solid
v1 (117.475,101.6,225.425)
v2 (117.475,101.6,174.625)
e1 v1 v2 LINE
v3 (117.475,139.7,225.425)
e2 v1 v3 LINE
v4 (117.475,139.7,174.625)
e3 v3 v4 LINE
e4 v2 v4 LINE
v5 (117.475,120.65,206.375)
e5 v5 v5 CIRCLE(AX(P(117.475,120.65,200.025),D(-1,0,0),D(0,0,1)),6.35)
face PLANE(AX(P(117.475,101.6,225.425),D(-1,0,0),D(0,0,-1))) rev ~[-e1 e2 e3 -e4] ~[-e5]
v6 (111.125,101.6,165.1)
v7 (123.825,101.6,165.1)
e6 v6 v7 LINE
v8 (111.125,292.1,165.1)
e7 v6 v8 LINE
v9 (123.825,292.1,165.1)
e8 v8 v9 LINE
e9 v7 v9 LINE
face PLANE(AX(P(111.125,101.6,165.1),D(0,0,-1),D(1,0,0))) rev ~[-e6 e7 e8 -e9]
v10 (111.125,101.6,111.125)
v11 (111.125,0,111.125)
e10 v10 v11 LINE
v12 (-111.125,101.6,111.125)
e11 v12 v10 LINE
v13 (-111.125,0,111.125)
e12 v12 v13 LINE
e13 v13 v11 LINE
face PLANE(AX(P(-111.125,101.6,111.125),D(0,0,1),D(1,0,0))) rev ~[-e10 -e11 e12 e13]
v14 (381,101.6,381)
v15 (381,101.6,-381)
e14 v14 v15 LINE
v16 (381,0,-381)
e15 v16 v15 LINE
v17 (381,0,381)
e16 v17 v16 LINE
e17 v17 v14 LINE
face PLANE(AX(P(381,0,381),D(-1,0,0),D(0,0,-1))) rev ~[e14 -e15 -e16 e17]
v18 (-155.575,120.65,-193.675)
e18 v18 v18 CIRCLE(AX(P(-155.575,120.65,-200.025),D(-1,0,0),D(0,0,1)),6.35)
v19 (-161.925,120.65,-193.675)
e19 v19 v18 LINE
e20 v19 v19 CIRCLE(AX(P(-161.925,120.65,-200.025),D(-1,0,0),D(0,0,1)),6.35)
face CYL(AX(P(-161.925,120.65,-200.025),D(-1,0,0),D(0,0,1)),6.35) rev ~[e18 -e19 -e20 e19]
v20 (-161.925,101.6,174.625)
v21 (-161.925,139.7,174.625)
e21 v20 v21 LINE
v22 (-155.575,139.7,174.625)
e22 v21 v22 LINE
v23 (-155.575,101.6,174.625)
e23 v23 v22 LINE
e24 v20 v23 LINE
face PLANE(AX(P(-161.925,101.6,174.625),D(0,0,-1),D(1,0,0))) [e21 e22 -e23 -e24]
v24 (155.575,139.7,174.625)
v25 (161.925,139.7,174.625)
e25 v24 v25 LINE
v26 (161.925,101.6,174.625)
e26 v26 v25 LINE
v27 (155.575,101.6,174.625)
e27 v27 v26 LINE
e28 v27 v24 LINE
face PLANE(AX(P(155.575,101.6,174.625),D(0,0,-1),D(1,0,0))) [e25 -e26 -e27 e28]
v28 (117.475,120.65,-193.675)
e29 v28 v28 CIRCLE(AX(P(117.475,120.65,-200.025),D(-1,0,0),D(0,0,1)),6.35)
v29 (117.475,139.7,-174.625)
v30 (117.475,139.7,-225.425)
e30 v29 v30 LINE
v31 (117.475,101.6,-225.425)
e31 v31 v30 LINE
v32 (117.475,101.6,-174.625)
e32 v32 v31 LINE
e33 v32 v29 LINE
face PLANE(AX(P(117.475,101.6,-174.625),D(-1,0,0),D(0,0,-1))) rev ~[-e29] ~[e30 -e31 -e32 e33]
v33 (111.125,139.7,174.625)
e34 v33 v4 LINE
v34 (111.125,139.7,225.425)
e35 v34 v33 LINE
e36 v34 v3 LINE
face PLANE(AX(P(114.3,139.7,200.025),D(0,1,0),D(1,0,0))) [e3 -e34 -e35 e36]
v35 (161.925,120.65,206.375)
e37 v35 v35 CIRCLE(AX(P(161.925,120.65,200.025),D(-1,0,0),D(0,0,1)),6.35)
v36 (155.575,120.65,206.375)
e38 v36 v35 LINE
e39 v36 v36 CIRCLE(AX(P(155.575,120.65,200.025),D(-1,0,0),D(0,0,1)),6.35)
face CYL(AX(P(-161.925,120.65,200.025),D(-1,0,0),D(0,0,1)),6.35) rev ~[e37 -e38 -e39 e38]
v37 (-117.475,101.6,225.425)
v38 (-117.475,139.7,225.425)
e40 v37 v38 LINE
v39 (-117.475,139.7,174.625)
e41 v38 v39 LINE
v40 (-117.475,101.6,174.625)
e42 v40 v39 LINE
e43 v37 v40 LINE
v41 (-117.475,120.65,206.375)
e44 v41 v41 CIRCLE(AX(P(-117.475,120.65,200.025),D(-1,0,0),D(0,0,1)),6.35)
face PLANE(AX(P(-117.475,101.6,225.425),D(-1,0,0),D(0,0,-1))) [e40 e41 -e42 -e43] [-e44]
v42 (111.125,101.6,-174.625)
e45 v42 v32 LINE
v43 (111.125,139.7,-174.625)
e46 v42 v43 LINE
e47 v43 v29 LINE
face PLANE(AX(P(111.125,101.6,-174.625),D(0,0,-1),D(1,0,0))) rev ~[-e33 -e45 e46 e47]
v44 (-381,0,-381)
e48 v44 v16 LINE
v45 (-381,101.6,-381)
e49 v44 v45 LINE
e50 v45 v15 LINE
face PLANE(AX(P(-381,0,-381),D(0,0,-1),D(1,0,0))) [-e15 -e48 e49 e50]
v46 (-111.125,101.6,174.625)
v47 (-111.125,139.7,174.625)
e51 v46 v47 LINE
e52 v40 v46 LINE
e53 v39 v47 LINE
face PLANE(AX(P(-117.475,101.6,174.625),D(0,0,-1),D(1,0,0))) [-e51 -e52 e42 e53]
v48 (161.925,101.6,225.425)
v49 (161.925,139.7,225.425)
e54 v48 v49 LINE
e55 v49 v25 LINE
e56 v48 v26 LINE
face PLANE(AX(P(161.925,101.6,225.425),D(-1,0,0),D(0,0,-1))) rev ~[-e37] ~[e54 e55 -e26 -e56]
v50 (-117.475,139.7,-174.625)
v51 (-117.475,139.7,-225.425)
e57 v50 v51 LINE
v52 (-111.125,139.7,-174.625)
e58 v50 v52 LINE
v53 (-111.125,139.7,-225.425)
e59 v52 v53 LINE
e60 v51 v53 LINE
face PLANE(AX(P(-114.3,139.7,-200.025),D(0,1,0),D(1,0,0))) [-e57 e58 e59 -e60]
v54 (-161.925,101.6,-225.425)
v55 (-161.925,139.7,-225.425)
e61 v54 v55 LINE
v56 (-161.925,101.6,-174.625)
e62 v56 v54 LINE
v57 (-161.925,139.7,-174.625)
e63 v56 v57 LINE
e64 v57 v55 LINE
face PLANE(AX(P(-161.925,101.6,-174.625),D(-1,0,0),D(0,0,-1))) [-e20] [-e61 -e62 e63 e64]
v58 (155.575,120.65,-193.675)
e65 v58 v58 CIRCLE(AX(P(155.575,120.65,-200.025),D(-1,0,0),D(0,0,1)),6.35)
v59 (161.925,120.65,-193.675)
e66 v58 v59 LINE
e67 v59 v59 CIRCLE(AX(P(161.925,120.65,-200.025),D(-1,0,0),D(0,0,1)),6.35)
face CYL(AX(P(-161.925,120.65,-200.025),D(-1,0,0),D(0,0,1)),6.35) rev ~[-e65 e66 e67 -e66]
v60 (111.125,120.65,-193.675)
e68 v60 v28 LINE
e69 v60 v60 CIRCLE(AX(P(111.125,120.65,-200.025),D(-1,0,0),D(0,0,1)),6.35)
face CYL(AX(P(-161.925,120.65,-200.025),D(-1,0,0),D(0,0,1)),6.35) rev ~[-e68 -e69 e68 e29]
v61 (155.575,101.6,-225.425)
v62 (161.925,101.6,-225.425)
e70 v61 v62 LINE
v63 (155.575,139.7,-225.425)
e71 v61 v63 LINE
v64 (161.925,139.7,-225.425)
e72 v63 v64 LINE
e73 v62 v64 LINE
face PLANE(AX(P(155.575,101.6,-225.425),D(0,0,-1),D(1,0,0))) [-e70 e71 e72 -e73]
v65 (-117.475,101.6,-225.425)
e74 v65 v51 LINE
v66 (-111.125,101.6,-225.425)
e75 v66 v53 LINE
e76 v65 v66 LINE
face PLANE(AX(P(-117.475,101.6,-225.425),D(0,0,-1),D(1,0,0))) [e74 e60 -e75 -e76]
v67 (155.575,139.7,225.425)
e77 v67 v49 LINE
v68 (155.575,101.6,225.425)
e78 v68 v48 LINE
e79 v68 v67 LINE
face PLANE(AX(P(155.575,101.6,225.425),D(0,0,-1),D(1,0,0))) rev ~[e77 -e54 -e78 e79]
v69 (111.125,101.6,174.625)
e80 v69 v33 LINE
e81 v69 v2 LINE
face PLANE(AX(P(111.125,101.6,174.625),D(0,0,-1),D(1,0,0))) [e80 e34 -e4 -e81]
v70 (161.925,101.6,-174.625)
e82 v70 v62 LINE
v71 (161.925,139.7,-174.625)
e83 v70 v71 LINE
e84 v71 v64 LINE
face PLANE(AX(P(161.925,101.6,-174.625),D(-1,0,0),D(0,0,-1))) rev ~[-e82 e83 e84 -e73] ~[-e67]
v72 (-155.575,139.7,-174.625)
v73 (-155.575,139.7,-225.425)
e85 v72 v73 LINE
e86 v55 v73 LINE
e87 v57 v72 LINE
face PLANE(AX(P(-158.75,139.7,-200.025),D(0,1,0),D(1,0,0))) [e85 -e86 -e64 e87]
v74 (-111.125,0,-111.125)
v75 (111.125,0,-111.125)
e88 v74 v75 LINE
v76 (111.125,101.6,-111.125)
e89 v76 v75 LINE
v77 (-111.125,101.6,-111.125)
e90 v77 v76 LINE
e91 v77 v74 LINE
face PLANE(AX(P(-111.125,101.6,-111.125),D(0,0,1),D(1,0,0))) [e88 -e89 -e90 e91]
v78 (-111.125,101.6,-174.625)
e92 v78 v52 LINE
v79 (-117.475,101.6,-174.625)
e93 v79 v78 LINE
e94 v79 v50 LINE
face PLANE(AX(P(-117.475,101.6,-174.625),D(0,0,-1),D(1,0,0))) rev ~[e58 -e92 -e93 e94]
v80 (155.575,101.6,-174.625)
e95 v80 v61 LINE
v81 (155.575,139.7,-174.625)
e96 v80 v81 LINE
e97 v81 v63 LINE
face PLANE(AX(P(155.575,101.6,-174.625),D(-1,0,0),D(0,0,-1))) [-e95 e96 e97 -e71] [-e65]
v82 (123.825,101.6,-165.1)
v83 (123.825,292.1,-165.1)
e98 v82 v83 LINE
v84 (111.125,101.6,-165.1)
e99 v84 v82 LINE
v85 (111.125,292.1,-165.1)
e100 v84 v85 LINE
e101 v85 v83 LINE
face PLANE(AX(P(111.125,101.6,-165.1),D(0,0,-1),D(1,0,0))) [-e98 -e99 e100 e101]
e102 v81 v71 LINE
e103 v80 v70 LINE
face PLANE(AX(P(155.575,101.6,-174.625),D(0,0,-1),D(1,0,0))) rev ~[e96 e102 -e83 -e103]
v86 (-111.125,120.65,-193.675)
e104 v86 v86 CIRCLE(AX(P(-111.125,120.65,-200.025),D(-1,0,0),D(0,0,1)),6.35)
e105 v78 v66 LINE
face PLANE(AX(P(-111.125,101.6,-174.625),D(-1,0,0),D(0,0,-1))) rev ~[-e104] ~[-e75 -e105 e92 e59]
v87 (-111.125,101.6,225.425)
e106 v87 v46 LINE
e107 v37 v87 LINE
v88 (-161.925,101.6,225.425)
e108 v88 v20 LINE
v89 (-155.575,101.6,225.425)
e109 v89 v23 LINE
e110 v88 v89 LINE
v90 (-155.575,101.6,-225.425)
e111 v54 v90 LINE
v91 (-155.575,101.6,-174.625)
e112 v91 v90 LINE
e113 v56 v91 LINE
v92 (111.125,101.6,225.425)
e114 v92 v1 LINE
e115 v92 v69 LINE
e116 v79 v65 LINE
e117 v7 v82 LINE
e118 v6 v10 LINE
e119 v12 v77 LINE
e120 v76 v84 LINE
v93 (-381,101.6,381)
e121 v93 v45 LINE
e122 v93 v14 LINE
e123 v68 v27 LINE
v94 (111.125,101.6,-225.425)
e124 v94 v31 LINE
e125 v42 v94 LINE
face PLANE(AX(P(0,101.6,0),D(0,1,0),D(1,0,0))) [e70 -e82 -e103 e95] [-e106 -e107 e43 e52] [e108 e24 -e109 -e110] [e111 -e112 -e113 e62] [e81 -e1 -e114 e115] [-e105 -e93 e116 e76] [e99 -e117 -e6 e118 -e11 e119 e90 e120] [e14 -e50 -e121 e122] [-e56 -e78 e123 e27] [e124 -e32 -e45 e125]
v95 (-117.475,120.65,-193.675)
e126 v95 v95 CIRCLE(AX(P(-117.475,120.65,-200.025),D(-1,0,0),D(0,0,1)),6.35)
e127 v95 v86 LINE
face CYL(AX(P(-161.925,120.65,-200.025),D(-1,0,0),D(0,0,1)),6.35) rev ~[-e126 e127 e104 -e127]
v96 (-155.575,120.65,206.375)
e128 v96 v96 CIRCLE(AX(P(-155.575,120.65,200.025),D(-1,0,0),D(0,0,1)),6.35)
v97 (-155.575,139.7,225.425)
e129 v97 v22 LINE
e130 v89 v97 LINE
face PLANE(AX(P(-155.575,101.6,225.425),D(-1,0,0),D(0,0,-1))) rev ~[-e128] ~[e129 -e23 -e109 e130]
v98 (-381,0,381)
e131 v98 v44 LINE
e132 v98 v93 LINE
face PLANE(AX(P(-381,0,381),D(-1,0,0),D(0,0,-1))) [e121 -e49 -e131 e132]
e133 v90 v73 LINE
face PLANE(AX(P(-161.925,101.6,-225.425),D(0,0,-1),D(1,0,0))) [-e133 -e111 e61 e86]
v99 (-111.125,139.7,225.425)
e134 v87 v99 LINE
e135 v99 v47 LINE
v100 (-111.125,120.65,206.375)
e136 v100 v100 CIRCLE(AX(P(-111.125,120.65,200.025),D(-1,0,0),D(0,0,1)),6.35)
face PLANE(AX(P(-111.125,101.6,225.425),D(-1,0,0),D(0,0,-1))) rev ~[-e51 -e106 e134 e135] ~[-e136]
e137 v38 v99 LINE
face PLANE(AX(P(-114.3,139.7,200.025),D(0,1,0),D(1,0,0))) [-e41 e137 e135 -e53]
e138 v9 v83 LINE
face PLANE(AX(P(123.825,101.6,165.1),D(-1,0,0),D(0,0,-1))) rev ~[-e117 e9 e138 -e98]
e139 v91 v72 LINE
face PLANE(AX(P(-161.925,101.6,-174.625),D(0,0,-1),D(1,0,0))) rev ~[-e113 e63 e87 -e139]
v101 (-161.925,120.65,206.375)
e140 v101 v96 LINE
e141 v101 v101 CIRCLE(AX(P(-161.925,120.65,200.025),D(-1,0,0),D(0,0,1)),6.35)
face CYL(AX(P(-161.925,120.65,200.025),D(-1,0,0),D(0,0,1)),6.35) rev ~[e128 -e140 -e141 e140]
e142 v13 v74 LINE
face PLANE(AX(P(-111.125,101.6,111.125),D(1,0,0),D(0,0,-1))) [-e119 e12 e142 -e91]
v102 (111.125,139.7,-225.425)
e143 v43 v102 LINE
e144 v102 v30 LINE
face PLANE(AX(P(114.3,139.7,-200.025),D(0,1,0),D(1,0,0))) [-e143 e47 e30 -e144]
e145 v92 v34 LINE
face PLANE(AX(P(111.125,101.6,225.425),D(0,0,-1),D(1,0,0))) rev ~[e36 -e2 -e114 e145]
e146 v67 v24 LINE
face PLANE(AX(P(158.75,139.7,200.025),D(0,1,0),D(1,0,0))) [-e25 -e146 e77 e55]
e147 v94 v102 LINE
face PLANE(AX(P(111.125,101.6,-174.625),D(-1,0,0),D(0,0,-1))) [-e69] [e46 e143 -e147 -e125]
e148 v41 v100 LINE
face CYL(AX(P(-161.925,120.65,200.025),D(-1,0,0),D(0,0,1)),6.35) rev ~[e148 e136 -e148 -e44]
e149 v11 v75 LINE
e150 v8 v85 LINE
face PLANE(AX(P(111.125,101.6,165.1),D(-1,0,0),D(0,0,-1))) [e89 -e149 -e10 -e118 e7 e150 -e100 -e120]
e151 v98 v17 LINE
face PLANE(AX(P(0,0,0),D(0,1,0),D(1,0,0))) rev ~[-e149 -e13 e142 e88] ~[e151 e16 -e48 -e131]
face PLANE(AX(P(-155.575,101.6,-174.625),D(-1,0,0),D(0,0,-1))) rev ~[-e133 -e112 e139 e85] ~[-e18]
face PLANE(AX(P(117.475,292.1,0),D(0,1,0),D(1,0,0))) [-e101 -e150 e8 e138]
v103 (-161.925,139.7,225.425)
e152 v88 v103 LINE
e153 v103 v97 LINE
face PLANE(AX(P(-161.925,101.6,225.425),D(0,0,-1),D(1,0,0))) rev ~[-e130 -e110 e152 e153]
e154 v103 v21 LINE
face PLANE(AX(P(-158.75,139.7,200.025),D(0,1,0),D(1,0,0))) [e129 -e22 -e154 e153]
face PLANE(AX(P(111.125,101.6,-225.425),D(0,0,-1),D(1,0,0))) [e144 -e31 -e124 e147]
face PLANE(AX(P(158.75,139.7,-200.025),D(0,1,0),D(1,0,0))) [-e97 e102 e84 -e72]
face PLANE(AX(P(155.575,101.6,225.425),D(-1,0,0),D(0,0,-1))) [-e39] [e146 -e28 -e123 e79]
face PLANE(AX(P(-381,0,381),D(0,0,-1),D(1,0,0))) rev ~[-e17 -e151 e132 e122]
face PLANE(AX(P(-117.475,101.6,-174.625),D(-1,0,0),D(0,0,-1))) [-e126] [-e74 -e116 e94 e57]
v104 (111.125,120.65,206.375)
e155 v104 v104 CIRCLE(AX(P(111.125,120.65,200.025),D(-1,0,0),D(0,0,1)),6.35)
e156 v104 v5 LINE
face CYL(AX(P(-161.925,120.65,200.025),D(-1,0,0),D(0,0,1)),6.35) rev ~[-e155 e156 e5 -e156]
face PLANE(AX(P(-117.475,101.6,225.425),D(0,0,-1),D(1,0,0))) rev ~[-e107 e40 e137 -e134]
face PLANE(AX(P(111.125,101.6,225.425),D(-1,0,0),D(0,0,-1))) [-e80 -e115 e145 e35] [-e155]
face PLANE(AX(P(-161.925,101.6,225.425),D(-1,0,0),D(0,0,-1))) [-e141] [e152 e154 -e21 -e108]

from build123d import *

# Parameters (mm, degrees)
SKETCH1_W           = 762
SKETCH1_H           = 762
BOSS_EXTRUDE1_DEPTH = 101.6
SKETCH2_W           = 222.25
SKETCH2_H           = 222.25
CUT_EXTRUDE1_DEPTH  = 102.6
SKETCH3_W           = 12.7
SKETCH3_H           = 330.2
BOSS_EXTRUDE2_DEPTH = 190.5
SKETCH4_W           = 6.35
SKETCH4_H           = 50.8
BOSS_EXTRUDE3_DEPTH = 38.1
SKETCH6_R           = 6.35
CUT_EXTRUDE2_DEPTH  = 543.925


with BuildPart() as part:
    # Sketch1 → Boss-Extrude1 (new body)
    with BuildSketch(Plane(origin=(0, 0, 0), x_dir=(1, 0, 0), z_dir=(0, 1, 0))):
        Rectangle(SKETCH1_W, SKETCH1_H)
    extrude(amount=BOSS_EXTRUDE1_DEPTH)

    # Sketch2 → Cut-Extrude1 (cut, through all)
    with BuildSketch(Plane(origin=(0, 101.6, 0), x_dir=(1, 0, 0), z_dir=(0, 1, 0))):
        Rectangle(SKETCH2_W, SKETCH2_H)
    extrude(amount=-CUT_EXTRUDE1_DEPTH, mode=Mode.SUBTRACT)

    # Sketch3 → Boss-Extrude2 (add)
    with BuildSketch(Plane(origin=(0, 101.6, 0), x_dir=(1, 0, 0), z_dir=(0, 1, 0))):
        with Locations((117.475, 0)):
            Rectangle(SKETCH3_W, SKETCH3_H)
    extrude(amount=BOSS_EXTRUDE2_DEPTH)

    # Sketch4 → Boss-Extrude3 (add)
    with BuildSketch(Plane(origin=(0, 101.6, 0), x_dir=(1, 0, 0), z_dir=(0, 1, 0))):
        with Locations((-158.75, -200.025)):
            Rectangle(SKETCH4_W, SKETCH4_H)
        with Locations((-114.3, -200.025)):
            Rectangle(SKETCH4_W, SKETCH4_H)
        with Locations((114.3, -200.025)):
            Rectangle(SKETCH4_W, SKETCH4_H)
        with Locations((158.75, -200.025)):
            Rectangle(SKETCH4_W, SKETCH4_H)
        with Locations((158.75, 200.025)):
            Rectangle(SKETCH4_W, SKETCH4_H)
        with Locations((114.3, 200.025)):
            Rectangle(SKETCH4_W, SKETCH4_H)
        with Locations((-114.3, 200.025)):
            Rectangle(SKETCH4_W, SKETCH4_H)
        with Locations((-158.75, 200.025)):
            Rectangle(SKETCH4_W, SKETCH4_H)
    extrude(amount=BOSS_EXTRUDE3_DEPTH)

    # Sketch6 → Cut-Extrude2 (cut, through all)
    with BuildSketch(Plane.ZY.offset(161.925)):
        with Locations((-200.025, 120.65)):
            Circle(SKETCH6_R)
        with Locations((200.025, 120.65)):
            Circle(SKETCH6_R)
    extrude(amount=-CUT_EXTRUDE2_DEPTH, mode=Mode.SUBTRACT)


solid = part.part
